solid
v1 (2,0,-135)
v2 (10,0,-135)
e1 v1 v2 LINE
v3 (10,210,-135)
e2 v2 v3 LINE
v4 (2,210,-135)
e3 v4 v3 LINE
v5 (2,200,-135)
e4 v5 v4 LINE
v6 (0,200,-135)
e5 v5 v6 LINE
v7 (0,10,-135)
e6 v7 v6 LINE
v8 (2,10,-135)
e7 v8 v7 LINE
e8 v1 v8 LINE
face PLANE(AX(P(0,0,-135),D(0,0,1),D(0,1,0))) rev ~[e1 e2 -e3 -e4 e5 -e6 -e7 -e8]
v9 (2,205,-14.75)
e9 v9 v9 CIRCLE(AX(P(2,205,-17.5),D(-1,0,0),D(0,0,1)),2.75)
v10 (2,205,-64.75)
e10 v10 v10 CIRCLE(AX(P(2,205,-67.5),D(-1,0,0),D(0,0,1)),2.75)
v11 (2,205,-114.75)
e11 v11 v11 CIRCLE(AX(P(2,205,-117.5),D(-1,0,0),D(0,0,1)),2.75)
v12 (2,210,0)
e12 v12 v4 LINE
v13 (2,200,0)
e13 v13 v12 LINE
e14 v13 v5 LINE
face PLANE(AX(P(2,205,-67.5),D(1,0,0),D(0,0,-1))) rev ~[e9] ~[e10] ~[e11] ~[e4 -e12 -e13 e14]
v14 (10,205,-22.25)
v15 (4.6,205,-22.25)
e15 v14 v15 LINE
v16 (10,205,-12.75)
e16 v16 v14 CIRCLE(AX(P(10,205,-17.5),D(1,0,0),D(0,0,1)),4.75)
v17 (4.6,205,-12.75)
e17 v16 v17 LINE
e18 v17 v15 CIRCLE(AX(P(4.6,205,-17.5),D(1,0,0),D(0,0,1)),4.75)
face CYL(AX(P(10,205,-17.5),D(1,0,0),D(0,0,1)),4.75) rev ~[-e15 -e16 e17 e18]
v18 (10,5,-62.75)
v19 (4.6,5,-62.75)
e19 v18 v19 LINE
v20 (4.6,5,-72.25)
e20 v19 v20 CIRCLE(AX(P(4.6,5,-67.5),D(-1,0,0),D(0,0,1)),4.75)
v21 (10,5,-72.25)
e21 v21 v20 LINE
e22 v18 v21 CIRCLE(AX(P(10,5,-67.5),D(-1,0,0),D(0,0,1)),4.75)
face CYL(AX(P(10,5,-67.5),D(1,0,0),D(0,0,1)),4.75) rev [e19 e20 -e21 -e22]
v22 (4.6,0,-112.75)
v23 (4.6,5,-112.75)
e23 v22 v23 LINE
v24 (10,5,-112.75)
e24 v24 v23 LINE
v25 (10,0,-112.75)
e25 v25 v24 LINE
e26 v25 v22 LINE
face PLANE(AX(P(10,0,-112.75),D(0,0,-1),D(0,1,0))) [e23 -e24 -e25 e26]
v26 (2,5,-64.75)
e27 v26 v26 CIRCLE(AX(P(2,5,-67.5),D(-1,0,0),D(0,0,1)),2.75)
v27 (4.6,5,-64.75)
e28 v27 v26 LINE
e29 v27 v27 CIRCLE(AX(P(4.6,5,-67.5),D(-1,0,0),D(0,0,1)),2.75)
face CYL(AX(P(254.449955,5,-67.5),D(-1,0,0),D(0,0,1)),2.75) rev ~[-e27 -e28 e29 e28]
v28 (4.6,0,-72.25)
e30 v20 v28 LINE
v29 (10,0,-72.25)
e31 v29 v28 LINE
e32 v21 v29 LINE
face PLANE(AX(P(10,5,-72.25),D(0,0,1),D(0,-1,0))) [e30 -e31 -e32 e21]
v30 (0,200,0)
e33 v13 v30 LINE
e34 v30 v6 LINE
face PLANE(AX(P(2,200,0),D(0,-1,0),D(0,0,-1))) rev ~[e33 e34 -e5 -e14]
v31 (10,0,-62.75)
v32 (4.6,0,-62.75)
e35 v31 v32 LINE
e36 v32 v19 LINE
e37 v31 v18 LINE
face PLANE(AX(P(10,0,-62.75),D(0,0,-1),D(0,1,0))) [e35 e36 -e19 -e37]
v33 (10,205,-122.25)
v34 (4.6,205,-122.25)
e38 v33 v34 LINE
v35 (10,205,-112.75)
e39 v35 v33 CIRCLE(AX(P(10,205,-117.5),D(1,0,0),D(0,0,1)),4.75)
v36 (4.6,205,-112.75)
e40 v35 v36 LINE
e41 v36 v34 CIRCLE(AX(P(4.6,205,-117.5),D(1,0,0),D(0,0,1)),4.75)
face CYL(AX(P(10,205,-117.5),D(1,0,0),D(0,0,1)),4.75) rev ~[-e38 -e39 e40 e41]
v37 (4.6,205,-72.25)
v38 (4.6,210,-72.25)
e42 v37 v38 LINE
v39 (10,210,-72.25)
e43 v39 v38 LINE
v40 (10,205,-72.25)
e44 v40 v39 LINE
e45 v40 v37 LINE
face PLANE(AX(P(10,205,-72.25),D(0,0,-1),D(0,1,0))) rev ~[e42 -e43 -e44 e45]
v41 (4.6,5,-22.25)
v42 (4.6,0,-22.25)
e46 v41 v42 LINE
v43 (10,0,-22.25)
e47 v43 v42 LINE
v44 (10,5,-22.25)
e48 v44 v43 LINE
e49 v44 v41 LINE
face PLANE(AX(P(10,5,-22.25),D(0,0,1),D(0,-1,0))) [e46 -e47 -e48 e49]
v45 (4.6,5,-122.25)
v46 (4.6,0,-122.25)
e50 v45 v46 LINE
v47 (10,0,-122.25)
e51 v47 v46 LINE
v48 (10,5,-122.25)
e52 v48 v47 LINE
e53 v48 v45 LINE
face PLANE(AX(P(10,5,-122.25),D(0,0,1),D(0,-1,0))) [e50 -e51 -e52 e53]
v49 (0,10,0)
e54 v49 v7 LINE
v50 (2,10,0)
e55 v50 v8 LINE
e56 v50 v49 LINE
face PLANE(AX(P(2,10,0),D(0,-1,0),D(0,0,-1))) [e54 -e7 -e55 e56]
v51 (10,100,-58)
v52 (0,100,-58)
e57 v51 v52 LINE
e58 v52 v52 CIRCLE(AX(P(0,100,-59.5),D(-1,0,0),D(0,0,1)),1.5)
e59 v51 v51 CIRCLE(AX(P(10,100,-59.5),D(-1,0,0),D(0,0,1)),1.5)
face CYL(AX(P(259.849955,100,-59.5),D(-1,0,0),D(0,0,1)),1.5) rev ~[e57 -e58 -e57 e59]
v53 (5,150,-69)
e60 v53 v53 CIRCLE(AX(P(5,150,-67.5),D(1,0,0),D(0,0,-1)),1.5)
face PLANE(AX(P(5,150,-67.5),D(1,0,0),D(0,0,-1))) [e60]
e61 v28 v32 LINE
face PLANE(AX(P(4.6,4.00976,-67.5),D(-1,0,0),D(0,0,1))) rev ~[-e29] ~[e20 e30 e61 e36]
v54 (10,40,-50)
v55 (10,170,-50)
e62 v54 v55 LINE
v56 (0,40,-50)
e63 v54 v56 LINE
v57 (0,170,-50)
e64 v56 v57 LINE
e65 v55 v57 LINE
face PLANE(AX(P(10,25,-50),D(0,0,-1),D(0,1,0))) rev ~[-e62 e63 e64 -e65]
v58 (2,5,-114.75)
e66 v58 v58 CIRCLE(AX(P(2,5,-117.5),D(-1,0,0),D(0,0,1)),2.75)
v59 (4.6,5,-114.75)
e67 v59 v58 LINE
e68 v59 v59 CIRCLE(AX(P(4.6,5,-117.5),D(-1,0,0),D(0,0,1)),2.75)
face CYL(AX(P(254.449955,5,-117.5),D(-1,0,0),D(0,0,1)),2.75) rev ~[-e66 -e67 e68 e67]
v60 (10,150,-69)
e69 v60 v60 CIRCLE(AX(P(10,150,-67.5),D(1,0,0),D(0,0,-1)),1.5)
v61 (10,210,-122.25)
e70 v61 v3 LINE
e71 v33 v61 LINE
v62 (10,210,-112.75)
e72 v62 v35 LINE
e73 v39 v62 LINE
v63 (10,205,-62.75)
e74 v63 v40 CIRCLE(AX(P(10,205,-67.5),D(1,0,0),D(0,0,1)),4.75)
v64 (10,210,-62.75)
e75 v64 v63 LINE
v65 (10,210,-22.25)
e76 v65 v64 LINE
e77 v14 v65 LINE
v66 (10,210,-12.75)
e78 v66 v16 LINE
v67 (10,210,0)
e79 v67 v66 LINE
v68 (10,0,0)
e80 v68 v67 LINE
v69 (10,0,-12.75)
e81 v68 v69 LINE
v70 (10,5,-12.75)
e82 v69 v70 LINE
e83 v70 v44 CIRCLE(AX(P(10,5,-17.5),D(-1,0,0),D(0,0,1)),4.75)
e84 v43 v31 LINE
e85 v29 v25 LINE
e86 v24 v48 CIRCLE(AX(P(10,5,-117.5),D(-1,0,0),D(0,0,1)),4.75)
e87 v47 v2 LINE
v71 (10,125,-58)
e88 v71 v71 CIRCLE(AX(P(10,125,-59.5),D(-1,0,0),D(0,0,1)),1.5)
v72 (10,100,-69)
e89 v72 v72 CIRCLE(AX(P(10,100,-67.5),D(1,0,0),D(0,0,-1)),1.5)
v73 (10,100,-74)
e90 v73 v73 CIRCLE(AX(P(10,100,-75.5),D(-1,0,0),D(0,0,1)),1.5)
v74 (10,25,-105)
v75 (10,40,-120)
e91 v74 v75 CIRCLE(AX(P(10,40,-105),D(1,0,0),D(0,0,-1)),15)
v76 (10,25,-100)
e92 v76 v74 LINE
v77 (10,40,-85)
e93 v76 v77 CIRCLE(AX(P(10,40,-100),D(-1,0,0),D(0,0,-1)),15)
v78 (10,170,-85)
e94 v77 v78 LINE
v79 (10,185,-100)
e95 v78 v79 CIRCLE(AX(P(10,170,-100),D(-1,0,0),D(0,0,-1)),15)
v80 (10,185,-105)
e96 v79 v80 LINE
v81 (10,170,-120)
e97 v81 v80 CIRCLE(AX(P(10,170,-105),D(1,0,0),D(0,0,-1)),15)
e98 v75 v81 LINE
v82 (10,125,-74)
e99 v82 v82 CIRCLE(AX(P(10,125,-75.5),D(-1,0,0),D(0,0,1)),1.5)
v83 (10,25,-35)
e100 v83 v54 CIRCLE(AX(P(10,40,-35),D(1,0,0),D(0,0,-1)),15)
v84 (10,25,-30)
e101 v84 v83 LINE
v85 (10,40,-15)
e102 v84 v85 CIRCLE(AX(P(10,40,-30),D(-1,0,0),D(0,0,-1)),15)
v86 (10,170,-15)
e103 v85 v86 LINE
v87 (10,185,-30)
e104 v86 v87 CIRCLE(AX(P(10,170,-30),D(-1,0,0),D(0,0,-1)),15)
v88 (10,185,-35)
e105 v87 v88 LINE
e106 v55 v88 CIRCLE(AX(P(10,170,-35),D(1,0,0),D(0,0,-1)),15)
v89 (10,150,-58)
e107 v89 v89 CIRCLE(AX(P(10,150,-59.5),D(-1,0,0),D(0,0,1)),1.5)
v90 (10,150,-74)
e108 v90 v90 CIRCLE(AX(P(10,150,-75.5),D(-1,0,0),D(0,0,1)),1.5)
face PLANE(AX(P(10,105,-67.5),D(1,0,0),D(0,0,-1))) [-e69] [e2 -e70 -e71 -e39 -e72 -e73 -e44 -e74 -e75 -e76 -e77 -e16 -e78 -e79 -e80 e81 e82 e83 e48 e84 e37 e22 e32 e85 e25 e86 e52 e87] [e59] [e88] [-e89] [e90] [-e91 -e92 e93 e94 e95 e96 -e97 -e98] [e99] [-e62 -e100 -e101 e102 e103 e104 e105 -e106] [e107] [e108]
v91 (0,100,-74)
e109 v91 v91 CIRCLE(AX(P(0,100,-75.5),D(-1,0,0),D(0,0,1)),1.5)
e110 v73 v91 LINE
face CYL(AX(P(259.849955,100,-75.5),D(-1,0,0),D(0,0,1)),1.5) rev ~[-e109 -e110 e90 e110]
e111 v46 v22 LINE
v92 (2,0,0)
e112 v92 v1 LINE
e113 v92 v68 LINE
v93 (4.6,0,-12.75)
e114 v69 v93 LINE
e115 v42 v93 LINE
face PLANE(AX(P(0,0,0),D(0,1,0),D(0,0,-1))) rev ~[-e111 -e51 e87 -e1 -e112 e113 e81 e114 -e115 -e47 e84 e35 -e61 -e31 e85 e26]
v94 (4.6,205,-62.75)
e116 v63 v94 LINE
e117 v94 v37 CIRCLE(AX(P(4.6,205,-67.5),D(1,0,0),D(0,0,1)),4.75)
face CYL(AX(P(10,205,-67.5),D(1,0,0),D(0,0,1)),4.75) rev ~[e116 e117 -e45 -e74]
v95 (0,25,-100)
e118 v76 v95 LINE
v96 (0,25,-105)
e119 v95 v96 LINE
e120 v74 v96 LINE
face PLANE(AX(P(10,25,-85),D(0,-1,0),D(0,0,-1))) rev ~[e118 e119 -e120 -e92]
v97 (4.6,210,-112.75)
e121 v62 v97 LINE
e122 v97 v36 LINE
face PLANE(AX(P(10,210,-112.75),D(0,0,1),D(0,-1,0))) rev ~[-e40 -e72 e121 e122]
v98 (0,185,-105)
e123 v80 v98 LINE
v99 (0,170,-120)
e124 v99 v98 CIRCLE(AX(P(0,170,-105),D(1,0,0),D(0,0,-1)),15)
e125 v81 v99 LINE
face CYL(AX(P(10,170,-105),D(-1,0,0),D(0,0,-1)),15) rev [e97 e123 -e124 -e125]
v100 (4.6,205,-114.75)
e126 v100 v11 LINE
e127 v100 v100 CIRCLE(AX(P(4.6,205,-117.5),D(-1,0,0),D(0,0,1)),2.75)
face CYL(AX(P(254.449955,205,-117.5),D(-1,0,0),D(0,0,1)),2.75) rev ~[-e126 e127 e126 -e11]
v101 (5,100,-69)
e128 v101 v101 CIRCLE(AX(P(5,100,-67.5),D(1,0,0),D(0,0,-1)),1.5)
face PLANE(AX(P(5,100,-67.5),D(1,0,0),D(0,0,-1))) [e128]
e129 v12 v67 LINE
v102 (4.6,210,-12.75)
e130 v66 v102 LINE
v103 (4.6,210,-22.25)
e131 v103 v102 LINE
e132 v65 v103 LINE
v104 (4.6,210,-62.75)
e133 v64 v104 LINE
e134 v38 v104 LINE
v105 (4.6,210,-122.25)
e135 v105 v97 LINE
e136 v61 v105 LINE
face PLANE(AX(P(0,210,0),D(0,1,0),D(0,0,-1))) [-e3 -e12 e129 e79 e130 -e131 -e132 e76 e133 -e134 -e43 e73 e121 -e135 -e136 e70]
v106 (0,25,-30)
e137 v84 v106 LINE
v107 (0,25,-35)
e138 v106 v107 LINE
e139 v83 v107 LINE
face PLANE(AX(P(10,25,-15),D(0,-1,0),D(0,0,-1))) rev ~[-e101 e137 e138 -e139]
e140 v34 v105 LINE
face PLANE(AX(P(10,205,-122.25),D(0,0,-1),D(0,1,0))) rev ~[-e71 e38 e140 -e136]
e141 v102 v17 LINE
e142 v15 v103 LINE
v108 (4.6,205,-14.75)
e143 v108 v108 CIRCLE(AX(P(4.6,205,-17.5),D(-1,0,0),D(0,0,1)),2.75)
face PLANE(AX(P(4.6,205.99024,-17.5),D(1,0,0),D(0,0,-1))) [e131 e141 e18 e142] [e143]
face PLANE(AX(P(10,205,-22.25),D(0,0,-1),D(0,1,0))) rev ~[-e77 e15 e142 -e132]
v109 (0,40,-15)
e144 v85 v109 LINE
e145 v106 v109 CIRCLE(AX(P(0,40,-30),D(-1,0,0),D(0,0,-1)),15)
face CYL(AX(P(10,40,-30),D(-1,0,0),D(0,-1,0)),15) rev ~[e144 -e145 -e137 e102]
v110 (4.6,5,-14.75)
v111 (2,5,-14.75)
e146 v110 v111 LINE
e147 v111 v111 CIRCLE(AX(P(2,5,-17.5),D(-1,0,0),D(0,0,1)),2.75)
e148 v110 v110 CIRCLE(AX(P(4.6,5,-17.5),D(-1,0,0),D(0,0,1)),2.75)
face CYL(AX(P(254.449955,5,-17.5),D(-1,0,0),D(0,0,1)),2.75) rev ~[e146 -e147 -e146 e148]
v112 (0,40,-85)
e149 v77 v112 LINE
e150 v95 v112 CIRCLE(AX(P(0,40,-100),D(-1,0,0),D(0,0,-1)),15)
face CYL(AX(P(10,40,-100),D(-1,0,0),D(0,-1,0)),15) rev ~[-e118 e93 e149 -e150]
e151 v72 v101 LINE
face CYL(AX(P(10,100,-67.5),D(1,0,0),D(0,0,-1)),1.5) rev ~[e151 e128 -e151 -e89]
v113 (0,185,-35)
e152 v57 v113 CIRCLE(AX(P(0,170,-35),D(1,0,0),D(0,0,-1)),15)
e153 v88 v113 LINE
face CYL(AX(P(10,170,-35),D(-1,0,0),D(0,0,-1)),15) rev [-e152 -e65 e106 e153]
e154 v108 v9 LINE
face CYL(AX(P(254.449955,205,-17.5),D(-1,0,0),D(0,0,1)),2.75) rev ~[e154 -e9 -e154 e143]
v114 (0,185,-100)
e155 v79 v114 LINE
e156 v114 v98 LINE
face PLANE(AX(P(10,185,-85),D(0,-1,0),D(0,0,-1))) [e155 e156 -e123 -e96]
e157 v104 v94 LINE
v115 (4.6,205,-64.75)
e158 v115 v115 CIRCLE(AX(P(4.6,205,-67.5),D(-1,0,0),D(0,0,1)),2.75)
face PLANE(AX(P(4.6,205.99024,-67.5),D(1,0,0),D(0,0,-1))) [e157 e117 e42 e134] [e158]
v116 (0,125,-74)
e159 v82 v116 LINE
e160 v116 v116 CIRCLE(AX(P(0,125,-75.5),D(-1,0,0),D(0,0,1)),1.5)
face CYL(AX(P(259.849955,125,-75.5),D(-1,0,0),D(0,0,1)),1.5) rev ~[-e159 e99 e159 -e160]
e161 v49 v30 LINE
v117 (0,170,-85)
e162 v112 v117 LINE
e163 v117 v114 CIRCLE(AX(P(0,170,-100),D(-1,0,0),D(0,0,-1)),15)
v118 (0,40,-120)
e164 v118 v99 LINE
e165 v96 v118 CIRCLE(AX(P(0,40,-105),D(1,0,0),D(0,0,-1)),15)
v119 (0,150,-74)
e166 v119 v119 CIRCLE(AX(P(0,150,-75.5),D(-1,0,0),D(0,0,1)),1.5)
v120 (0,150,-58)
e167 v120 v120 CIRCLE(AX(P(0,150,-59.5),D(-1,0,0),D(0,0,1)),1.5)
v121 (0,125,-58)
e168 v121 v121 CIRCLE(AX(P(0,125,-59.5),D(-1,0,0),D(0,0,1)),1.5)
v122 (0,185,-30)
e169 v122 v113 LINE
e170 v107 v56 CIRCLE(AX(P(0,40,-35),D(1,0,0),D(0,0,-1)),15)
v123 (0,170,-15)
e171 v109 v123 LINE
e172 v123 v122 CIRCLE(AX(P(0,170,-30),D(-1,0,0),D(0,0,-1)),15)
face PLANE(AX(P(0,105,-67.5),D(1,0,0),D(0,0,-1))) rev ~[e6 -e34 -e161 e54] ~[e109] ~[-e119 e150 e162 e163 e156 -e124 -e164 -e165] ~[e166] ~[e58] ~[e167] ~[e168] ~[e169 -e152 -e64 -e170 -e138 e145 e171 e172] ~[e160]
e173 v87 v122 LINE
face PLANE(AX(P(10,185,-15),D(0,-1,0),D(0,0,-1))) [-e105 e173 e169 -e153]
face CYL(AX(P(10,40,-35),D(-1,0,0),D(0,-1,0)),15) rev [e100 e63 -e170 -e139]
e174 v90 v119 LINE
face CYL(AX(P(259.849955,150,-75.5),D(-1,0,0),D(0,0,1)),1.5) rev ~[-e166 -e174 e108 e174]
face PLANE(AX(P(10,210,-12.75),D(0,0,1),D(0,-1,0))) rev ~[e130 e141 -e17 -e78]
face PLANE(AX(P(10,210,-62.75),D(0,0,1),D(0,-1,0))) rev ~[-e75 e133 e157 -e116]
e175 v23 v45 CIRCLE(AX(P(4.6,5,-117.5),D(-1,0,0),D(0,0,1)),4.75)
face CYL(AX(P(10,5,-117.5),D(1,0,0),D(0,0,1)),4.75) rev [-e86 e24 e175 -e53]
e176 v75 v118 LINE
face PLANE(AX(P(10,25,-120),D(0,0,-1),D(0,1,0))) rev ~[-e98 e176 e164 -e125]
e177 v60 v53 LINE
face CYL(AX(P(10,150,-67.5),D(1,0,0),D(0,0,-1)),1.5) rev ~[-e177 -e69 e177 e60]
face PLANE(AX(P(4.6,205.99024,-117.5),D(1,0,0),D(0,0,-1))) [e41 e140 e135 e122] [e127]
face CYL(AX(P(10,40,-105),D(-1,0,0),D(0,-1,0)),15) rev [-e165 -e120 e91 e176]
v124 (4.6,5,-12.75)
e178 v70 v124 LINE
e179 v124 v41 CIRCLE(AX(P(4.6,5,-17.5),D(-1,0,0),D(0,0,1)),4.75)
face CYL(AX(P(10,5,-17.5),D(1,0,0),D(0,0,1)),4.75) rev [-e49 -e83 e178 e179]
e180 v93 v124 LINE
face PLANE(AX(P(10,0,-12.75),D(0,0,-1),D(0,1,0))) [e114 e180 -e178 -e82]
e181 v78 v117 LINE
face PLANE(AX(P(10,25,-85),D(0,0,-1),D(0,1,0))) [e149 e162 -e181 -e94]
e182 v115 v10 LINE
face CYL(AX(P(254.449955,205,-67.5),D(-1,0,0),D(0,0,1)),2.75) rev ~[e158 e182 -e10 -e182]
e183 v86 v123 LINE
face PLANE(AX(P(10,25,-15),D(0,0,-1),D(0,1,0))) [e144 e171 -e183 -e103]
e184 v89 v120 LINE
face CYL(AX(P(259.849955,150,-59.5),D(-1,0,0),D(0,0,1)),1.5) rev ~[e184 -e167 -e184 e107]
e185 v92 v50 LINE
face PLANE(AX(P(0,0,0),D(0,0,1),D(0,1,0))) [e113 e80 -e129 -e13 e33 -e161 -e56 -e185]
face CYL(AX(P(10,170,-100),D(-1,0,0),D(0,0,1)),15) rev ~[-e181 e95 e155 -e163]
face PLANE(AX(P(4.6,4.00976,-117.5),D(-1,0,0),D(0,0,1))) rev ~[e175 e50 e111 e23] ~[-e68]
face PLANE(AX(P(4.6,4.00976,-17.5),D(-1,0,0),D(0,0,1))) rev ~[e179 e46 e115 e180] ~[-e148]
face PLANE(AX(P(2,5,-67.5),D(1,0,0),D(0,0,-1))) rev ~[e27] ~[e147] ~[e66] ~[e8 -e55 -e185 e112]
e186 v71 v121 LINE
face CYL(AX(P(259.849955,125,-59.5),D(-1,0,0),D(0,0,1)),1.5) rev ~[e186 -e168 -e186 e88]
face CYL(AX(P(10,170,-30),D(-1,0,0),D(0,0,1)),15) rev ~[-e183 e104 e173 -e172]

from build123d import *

# Parameters (mm, degrees)
SKETCH1_W                  = 135
SKETCH1_H                  = 210
BOSS_EXTRUDE1_DEPTH        = 10
CUT_EXTRUDE1_START         = -8
SKETCH4_W                  = 135
SKETCH4_H                  = 10
CUT_EXTRUDE1_DEPTH         = 3
SKETCH15_W                 = 35
SKETCH15_H                 = 160
CUT_EXTRUDE2_DEPTH         = 11
SKETCH16_R                 = 1.5
CUT_EXTRUDE3_DEPTH         = 5
CUT_EXTRUDE4_DEPTH         = 5.4
F_3_0_3_DIAMETER_HOLE1_D   = 3
LPATTERN4_COUNT            = 2
LPATTERN4_PITCH            = 16
LPATTERN4_COUNT_DIR2       = 3
LPATTERN4_PITCH_DIR2       = 25
LPATTERN1_COUNT            = 3
LPATTERN1_PITCH            = 50
F_5_5_5_5_DIAMETER_HOLE1_D = 5.5
LPATTERN3_COUNT            = 3
LPATTERN3_PITCH            = 50
FILLET1_R                  = 15


with BuildPart() as part:
    # Sketch1 → Boss-Extrude1 (new body)
    with BuildSketch(Plane(origin=(0, 0, 0), x_dir=(0, 0, -1), z_dir=(1, 0, 0))):
        with Locations((67.5, 105)):
            Rectangle(SKETCH1_W, SKETCH1_H)
    extrude(amount=BOSS_EXTRUDE1_DEPTH)

    # Sketch4 → Cut-Extrude1 (cut, through all)
    with BuildSketch(Plane(origin=(10, 0, 0), x_dir=(0, 0, -1), z_dir=(1, 0, 0)).offset(CUT_EXTRUDE1_START)):
        with Locations((67.5, 5)):
            Rectangle(SKETCH4_W, SKETCH4_H)
        with Locations((67.5, 205)):
            Rectangle(SKETCH4_W, SKETCH4_H)
    extrude(amount=-CUT_EXTRUDE1_DEPTH, mode=Mode.SUBTRACT)

    # Sketch15 → Cut-Extrude2 (cut, through all)
    with BuildSketch(Plane(origin=(10, 0, 0), x_dir=(0, 0, -1), z_dir=(1, 0, 0))):
        with Locations((32.5, 105)):
            Rectangle(SKETCH15_W, SKETCH15_H)
        with Locations((102.5, 105)):
            Rectangle(SKETCH15_W, SKETCH15_H)
    extrude(amount=-CUT_EXTRUDE2_DEPTH, mode=Mode.SUBTRACT)

    # Sketch16 → Cut-Extrude3 (cut)
    with BuildSketch(Plane(origin=(10, 0, 0), x_dir=(0, 0, -1), z_dir=(1, 0, 0))):
        with Locations((67.5, 100)):
            Circle(SKETCH16_R)
        with Locations((67.5, 150)):
            Circle(SKETCH16_R)
    extrude(amount=-CUT_EXTRUDE3_DEPTH, mode=Mode.SUBTRACT)

    # Sketch6 → Cut-Extrude4 (cut)
    with BuildSketch(Plane.ZY.offset(-10)):
        with BuildLine():
            Line((-22.25, 5), (-22.25, 0))
            Line((-22.25, 0), (-12.75, 0))
            Line((-12.75, 0), (-12.75, 5))
            ThreePointArc((-12.75, 5), (-17.5, 9.75), (-22.25, 5))
        make_face()
        with BuildLine():
            Line((-22.25, 205), (-22.25, 210))
            Line((-22.25, 210), (-12.75, 210))
            Line((-12.75, 210), (-12.75, 205))
            ThreePointArc((-12.75, 205), (-17.5, 200.25), (-22.25, 205))
        make_face()
    cut_extrude4 = extrude(amount=CUT_EXTRUDE4_DEPTH, mode=Mode.SUBTRACT)

    # Ø3.0 (3) Diameter Hole1 (through all)
    with Locations(Plane(origin=(10, 0, 0), x_dir=(0, 0, -1), z_dir=(1, 0, 0))):
        with Locations((59.5, 100)):
            f_3_0_3_diameter_hole1 = Hole(F_3_0_3_DIAMETER_HOLE1_D / 2)

    # LPattern4: 3.0 _3_ Diameter Hole1 2 × 3
    with Locations(*[(0, j * LPATTERN4_PITCH_DIR2, -i * LPATTERN4_PITCH) for i in range(LPATTERN4_COUNT) for j in range(LPATTERN4_COUNT_DIR2) if (i, j) != (0, 0)]):
        add(f_3_0_3_diameter_hole1, mode=Mode.SUBTRACT)

    # LPattern1: Cut-Extrude4 ×3
    with Locations(*[(0, 0, -i * LPATTERN1_PITCH) for i in range(1, LPATTERN1_COUNT)]):
        add(cut_extrude4, mode=Mode.SUBTRACT)

    # Ø5.5 (5.5) Diameter Hole1 (through all)
    with Locations(Plane(origin=(4.6, 0, 0), x_dir=(0, 0, -1), z_dir=(1, 0, 0))):
        with Locations((17.5, 205), (17.5, 5)):
            f_5_5_5_5_diameter_hole1 = Hole(F_5_5_5_5_DIAMETER_HOLE1_D / 2)

    # LPattern3: Ø5.5 (5.5) Diameter Hole1 ×3
    with Locations(*[(0, 0, -i * LPATTERN3_PITCH) for i in range(1, LPATTERN3_COUNT)]):
        add(f_5_5_5_5_diameter_hole1, mode=Mode.SUBTRACT)

    # Fillet1
    fillet1_edges = [part.edges().sort_by_distance(p)[0] for p in [
        (5, 25, -15),
        (5, 185, -15),
        (5, 185, -50),
        (5, 25, -50),
        (5, 25, -85),
        (5, 185, -85),
        (5, 185, -120),
        (5, 25, -120),
    ]]
    fillet(fillet1_edges, radius=FILLET1_R)


solid = part.part
